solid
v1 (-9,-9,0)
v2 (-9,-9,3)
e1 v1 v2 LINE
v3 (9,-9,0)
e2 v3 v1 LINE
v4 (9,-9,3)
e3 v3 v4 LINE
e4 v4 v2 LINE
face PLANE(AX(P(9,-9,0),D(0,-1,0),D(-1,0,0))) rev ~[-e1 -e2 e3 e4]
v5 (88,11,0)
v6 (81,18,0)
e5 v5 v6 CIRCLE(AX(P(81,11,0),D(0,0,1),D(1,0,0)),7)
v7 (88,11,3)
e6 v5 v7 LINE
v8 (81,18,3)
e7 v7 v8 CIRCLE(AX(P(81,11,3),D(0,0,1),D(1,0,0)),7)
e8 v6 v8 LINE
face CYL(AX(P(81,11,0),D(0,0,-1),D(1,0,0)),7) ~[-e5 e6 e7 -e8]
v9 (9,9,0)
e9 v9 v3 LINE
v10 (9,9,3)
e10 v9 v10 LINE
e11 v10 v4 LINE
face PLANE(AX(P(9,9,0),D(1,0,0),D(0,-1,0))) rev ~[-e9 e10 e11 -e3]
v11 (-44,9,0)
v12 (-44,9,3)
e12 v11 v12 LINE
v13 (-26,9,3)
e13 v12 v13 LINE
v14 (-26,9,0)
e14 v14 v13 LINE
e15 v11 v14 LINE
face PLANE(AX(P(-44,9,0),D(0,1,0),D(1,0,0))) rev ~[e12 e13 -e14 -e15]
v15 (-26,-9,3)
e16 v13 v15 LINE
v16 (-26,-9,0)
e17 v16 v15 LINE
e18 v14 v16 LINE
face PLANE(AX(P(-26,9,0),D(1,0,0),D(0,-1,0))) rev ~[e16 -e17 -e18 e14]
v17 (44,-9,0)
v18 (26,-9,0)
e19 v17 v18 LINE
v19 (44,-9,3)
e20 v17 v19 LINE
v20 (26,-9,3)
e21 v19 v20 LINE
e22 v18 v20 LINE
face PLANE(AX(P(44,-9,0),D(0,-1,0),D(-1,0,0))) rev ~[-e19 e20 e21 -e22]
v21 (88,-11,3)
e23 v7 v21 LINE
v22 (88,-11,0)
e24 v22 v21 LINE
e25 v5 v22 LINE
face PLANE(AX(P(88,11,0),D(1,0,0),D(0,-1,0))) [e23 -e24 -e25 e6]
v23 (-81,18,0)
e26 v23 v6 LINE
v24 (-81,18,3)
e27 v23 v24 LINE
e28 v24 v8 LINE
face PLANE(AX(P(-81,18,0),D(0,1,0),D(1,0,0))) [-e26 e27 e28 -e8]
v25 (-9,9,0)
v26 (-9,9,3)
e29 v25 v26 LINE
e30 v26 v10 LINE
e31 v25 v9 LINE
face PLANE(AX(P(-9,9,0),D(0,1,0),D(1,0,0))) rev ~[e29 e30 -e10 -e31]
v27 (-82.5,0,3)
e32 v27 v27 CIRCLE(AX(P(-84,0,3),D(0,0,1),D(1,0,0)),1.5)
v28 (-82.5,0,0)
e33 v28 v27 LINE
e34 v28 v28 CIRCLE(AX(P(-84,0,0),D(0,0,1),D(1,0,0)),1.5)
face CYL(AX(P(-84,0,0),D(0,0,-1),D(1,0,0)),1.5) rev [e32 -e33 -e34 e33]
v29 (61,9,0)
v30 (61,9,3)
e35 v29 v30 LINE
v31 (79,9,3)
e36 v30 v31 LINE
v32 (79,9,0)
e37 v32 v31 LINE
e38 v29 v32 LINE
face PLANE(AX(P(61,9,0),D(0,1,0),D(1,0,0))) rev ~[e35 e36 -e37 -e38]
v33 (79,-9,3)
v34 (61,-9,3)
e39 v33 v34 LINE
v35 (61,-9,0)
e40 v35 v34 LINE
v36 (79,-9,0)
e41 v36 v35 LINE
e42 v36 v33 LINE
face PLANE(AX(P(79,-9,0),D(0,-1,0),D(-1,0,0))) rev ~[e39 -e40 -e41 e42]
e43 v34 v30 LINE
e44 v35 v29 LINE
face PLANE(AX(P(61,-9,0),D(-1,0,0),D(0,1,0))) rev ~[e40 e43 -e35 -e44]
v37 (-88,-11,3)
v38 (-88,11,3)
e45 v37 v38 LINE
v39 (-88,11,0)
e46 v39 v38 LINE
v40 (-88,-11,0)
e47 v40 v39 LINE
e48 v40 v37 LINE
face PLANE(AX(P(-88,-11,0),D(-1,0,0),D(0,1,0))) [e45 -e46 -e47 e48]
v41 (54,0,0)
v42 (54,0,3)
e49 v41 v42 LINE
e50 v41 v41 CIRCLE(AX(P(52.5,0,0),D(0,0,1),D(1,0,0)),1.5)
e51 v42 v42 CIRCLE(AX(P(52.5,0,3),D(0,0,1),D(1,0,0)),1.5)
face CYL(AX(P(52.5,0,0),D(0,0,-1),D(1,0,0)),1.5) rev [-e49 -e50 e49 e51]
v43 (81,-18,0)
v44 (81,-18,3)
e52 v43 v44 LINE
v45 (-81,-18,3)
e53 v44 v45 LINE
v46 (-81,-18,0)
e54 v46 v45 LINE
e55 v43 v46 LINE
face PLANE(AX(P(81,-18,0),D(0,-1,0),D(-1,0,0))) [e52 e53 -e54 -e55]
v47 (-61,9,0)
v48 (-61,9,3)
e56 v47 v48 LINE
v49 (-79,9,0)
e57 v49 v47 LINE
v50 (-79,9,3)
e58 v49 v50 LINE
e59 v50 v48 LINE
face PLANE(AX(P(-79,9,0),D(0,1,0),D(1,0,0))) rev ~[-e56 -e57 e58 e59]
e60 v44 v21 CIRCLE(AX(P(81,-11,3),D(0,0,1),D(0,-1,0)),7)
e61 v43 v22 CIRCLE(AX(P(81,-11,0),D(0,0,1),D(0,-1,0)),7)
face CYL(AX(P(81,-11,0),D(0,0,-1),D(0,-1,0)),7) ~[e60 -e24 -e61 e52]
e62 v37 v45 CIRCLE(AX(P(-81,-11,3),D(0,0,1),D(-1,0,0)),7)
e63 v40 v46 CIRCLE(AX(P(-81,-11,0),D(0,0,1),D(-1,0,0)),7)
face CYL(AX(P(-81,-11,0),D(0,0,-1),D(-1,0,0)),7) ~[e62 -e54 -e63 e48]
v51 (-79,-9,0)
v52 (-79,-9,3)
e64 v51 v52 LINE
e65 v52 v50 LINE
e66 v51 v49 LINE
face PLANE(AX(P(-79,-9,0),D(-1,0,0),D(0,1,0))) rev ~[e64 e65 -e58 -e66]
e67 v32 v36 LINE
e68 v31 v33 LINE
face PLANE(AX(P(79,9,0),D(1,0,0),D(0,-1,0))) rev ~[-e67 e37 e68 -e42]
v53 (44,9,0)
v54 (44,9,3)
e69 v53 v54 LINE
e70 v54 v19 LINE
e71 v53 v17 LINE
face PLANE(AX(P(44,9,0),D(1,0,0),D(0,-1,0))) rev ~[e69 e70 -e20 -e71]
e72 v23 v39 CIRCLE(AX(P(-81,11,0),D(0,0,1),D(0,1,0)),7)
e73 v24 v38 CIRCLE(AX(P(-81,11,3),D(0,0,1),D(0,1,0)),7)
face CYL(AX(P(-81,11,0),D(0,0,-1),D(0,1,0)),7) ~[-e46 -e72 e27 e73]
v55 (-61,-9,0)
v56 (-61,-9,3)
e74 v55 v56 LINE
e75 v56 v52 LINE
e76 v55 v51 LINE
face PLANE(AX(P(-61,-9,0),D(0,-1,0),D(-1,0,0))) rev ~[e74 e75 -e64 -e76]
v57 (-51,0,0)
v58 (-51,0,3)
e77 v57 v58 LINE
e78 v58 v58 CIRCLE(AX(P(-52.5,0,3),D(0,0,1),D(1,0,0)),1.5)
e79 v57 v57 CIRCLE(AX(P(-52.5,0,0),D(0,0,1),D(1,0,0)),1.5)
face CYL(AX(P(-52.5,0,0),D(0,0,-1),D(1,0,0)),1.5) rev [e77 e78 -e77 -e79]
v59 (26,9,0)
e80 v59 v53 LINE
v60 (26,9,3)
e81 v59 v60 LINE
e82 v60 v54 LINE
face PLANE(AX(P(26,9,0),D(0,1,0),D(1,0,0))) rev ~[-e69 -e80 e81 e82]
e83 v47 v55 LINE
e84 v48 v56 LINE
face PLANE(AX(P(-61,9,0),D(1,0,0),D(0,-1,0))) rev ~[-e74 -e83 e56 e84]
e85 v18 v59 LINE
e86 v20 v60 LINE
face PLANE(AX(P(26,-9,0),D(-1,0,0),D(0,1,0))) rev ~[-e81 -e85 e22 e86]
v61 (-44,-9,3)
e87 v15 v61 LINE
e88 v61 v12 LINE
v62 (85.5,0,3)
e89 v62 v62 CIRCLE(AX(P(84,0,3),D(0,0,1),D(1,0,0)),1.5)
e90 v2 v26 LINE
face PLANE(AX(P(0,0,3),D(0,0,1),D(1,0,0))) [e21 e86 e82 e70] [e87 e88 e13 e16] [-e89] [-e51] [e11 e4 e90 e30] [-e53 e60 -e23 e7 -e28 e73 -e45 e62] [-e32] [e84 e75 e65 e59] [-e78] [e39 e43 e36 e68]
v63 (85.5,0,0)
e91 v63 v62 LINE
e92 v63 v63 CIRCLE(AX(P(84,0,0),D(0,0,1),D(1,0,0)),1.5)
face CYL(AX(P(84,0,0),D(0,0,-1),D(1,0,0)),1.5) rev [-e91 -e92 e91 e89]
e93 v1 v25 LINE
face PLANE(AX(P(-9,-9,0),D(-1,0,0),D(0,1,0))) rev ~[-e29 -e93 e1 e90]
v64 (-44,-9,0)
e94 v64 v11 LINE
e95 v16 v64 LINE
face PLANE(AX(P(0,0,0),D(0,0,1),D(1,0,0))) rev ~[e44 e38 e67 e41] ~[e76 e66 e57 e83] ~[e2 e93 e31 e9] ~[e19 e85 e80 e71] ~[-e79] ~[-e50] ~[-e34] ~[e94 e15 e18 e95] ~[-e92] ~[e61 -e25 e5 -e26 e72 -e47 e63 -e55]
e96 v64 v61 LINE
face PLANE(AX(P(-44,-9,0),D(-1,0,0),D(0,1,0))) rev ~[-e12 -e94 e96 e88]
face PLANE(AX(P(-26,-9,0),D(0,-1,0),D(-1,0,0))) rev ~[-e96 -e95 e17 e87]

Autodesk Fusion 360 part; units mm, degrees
sketch "Sketch1" plane through (0, 0, 0) normal (0, 0, 1) x (1, 0, 0)
  line L0 (-9, 9) -> (9, 9)
  line L1 (9, 9) -> (9, -9)
  line L2 (9, -9) -> (-9, -9)
  line L3 (-9, -9) -> (-9, 9)
  line L4 (-9, 9) -> (9, -9) construction
  line L5 (9, 9) -> (-9, -9) construction
  line L6 (-81, 18) -> (81, 18)
  line L7 (88, 11) -> (88, -11)
  line L8 (81, -18) -> (-81, -18)
  line L9 (-88, -11) -> (-88, 11)
  line L10 (-88, 18) -> (88, -18) construction
  line L11 (88, 18) -> (-88, -18) construction
  arc A0 (-81, 18) -> (-88, 11) centre (-81, 11) ccw
  arc A1 (-88, -11) -> (-81, -18) centre (-81, -11) ccw
  arc A2 (81, -18) -> (88, -11) centre (81, -11) ccw
  arc A3 (88, 11) -> (81, 18) centre (81, 11) ccw
  line L12 (0, 0) -> (0, 18) construction
  circle A4 centre (-84, 0) radius 1.5
  line L13 (-79, 9) -> (-61, 9)
  line L14 (-79, -9) -> (-79, 9)
  line L15 (-61, -9) -> (-79, -9)
  line L16 (-61, 9) -> (-61, -9)
  line L17 (-44, 9) -> (-26, 9)
  line L18 (-44, -9) -> (-44, 9)
  line L19 (-26, -9) -> (-44, -9)
  line L20 (-26, 9) -> (-26, -9)
  line L21 (26, 9) -> (44, 9)
  line L22 (26, -9) -> (26, 9)
  line L23 (44, -9) -> (26, -9)
  line L24 (44, 9) -> (44, -9)
  line L25 (61, 9) -> (79, 9)
  line L26 (61, -9) -> (61, 9)
  line L27 (79, -9) -> (61, -9)
  line L28 (79, 9) -> (79, -9)
  circle A5 centre (84, 0) radius 1.5
  circle A6 centre (-52.5, 0) radius 1.5
  circle A7 centre (52.5, 0) radius 1.5
  dimension "d22" = 18
  dimension "d23" = 18
  dimension "d28" = 176
  dimension "d29" = 36
  dimension "d30" = 7
  dimension "d35" = 3
  dimension "d36" = 4
  dimension "d37" = 18
  dimension "d44" = 35
  dimension "d45" = 0
  dimension "d60" = 3
  dimension "d61" = 8.5
extrude "Extrude6" add sketch "Sketch1" along normal blind 3
equation "d44 = 17 mm + 18 mm"
equation "d61 = ( 17 / 2 ) * 1 mm"
